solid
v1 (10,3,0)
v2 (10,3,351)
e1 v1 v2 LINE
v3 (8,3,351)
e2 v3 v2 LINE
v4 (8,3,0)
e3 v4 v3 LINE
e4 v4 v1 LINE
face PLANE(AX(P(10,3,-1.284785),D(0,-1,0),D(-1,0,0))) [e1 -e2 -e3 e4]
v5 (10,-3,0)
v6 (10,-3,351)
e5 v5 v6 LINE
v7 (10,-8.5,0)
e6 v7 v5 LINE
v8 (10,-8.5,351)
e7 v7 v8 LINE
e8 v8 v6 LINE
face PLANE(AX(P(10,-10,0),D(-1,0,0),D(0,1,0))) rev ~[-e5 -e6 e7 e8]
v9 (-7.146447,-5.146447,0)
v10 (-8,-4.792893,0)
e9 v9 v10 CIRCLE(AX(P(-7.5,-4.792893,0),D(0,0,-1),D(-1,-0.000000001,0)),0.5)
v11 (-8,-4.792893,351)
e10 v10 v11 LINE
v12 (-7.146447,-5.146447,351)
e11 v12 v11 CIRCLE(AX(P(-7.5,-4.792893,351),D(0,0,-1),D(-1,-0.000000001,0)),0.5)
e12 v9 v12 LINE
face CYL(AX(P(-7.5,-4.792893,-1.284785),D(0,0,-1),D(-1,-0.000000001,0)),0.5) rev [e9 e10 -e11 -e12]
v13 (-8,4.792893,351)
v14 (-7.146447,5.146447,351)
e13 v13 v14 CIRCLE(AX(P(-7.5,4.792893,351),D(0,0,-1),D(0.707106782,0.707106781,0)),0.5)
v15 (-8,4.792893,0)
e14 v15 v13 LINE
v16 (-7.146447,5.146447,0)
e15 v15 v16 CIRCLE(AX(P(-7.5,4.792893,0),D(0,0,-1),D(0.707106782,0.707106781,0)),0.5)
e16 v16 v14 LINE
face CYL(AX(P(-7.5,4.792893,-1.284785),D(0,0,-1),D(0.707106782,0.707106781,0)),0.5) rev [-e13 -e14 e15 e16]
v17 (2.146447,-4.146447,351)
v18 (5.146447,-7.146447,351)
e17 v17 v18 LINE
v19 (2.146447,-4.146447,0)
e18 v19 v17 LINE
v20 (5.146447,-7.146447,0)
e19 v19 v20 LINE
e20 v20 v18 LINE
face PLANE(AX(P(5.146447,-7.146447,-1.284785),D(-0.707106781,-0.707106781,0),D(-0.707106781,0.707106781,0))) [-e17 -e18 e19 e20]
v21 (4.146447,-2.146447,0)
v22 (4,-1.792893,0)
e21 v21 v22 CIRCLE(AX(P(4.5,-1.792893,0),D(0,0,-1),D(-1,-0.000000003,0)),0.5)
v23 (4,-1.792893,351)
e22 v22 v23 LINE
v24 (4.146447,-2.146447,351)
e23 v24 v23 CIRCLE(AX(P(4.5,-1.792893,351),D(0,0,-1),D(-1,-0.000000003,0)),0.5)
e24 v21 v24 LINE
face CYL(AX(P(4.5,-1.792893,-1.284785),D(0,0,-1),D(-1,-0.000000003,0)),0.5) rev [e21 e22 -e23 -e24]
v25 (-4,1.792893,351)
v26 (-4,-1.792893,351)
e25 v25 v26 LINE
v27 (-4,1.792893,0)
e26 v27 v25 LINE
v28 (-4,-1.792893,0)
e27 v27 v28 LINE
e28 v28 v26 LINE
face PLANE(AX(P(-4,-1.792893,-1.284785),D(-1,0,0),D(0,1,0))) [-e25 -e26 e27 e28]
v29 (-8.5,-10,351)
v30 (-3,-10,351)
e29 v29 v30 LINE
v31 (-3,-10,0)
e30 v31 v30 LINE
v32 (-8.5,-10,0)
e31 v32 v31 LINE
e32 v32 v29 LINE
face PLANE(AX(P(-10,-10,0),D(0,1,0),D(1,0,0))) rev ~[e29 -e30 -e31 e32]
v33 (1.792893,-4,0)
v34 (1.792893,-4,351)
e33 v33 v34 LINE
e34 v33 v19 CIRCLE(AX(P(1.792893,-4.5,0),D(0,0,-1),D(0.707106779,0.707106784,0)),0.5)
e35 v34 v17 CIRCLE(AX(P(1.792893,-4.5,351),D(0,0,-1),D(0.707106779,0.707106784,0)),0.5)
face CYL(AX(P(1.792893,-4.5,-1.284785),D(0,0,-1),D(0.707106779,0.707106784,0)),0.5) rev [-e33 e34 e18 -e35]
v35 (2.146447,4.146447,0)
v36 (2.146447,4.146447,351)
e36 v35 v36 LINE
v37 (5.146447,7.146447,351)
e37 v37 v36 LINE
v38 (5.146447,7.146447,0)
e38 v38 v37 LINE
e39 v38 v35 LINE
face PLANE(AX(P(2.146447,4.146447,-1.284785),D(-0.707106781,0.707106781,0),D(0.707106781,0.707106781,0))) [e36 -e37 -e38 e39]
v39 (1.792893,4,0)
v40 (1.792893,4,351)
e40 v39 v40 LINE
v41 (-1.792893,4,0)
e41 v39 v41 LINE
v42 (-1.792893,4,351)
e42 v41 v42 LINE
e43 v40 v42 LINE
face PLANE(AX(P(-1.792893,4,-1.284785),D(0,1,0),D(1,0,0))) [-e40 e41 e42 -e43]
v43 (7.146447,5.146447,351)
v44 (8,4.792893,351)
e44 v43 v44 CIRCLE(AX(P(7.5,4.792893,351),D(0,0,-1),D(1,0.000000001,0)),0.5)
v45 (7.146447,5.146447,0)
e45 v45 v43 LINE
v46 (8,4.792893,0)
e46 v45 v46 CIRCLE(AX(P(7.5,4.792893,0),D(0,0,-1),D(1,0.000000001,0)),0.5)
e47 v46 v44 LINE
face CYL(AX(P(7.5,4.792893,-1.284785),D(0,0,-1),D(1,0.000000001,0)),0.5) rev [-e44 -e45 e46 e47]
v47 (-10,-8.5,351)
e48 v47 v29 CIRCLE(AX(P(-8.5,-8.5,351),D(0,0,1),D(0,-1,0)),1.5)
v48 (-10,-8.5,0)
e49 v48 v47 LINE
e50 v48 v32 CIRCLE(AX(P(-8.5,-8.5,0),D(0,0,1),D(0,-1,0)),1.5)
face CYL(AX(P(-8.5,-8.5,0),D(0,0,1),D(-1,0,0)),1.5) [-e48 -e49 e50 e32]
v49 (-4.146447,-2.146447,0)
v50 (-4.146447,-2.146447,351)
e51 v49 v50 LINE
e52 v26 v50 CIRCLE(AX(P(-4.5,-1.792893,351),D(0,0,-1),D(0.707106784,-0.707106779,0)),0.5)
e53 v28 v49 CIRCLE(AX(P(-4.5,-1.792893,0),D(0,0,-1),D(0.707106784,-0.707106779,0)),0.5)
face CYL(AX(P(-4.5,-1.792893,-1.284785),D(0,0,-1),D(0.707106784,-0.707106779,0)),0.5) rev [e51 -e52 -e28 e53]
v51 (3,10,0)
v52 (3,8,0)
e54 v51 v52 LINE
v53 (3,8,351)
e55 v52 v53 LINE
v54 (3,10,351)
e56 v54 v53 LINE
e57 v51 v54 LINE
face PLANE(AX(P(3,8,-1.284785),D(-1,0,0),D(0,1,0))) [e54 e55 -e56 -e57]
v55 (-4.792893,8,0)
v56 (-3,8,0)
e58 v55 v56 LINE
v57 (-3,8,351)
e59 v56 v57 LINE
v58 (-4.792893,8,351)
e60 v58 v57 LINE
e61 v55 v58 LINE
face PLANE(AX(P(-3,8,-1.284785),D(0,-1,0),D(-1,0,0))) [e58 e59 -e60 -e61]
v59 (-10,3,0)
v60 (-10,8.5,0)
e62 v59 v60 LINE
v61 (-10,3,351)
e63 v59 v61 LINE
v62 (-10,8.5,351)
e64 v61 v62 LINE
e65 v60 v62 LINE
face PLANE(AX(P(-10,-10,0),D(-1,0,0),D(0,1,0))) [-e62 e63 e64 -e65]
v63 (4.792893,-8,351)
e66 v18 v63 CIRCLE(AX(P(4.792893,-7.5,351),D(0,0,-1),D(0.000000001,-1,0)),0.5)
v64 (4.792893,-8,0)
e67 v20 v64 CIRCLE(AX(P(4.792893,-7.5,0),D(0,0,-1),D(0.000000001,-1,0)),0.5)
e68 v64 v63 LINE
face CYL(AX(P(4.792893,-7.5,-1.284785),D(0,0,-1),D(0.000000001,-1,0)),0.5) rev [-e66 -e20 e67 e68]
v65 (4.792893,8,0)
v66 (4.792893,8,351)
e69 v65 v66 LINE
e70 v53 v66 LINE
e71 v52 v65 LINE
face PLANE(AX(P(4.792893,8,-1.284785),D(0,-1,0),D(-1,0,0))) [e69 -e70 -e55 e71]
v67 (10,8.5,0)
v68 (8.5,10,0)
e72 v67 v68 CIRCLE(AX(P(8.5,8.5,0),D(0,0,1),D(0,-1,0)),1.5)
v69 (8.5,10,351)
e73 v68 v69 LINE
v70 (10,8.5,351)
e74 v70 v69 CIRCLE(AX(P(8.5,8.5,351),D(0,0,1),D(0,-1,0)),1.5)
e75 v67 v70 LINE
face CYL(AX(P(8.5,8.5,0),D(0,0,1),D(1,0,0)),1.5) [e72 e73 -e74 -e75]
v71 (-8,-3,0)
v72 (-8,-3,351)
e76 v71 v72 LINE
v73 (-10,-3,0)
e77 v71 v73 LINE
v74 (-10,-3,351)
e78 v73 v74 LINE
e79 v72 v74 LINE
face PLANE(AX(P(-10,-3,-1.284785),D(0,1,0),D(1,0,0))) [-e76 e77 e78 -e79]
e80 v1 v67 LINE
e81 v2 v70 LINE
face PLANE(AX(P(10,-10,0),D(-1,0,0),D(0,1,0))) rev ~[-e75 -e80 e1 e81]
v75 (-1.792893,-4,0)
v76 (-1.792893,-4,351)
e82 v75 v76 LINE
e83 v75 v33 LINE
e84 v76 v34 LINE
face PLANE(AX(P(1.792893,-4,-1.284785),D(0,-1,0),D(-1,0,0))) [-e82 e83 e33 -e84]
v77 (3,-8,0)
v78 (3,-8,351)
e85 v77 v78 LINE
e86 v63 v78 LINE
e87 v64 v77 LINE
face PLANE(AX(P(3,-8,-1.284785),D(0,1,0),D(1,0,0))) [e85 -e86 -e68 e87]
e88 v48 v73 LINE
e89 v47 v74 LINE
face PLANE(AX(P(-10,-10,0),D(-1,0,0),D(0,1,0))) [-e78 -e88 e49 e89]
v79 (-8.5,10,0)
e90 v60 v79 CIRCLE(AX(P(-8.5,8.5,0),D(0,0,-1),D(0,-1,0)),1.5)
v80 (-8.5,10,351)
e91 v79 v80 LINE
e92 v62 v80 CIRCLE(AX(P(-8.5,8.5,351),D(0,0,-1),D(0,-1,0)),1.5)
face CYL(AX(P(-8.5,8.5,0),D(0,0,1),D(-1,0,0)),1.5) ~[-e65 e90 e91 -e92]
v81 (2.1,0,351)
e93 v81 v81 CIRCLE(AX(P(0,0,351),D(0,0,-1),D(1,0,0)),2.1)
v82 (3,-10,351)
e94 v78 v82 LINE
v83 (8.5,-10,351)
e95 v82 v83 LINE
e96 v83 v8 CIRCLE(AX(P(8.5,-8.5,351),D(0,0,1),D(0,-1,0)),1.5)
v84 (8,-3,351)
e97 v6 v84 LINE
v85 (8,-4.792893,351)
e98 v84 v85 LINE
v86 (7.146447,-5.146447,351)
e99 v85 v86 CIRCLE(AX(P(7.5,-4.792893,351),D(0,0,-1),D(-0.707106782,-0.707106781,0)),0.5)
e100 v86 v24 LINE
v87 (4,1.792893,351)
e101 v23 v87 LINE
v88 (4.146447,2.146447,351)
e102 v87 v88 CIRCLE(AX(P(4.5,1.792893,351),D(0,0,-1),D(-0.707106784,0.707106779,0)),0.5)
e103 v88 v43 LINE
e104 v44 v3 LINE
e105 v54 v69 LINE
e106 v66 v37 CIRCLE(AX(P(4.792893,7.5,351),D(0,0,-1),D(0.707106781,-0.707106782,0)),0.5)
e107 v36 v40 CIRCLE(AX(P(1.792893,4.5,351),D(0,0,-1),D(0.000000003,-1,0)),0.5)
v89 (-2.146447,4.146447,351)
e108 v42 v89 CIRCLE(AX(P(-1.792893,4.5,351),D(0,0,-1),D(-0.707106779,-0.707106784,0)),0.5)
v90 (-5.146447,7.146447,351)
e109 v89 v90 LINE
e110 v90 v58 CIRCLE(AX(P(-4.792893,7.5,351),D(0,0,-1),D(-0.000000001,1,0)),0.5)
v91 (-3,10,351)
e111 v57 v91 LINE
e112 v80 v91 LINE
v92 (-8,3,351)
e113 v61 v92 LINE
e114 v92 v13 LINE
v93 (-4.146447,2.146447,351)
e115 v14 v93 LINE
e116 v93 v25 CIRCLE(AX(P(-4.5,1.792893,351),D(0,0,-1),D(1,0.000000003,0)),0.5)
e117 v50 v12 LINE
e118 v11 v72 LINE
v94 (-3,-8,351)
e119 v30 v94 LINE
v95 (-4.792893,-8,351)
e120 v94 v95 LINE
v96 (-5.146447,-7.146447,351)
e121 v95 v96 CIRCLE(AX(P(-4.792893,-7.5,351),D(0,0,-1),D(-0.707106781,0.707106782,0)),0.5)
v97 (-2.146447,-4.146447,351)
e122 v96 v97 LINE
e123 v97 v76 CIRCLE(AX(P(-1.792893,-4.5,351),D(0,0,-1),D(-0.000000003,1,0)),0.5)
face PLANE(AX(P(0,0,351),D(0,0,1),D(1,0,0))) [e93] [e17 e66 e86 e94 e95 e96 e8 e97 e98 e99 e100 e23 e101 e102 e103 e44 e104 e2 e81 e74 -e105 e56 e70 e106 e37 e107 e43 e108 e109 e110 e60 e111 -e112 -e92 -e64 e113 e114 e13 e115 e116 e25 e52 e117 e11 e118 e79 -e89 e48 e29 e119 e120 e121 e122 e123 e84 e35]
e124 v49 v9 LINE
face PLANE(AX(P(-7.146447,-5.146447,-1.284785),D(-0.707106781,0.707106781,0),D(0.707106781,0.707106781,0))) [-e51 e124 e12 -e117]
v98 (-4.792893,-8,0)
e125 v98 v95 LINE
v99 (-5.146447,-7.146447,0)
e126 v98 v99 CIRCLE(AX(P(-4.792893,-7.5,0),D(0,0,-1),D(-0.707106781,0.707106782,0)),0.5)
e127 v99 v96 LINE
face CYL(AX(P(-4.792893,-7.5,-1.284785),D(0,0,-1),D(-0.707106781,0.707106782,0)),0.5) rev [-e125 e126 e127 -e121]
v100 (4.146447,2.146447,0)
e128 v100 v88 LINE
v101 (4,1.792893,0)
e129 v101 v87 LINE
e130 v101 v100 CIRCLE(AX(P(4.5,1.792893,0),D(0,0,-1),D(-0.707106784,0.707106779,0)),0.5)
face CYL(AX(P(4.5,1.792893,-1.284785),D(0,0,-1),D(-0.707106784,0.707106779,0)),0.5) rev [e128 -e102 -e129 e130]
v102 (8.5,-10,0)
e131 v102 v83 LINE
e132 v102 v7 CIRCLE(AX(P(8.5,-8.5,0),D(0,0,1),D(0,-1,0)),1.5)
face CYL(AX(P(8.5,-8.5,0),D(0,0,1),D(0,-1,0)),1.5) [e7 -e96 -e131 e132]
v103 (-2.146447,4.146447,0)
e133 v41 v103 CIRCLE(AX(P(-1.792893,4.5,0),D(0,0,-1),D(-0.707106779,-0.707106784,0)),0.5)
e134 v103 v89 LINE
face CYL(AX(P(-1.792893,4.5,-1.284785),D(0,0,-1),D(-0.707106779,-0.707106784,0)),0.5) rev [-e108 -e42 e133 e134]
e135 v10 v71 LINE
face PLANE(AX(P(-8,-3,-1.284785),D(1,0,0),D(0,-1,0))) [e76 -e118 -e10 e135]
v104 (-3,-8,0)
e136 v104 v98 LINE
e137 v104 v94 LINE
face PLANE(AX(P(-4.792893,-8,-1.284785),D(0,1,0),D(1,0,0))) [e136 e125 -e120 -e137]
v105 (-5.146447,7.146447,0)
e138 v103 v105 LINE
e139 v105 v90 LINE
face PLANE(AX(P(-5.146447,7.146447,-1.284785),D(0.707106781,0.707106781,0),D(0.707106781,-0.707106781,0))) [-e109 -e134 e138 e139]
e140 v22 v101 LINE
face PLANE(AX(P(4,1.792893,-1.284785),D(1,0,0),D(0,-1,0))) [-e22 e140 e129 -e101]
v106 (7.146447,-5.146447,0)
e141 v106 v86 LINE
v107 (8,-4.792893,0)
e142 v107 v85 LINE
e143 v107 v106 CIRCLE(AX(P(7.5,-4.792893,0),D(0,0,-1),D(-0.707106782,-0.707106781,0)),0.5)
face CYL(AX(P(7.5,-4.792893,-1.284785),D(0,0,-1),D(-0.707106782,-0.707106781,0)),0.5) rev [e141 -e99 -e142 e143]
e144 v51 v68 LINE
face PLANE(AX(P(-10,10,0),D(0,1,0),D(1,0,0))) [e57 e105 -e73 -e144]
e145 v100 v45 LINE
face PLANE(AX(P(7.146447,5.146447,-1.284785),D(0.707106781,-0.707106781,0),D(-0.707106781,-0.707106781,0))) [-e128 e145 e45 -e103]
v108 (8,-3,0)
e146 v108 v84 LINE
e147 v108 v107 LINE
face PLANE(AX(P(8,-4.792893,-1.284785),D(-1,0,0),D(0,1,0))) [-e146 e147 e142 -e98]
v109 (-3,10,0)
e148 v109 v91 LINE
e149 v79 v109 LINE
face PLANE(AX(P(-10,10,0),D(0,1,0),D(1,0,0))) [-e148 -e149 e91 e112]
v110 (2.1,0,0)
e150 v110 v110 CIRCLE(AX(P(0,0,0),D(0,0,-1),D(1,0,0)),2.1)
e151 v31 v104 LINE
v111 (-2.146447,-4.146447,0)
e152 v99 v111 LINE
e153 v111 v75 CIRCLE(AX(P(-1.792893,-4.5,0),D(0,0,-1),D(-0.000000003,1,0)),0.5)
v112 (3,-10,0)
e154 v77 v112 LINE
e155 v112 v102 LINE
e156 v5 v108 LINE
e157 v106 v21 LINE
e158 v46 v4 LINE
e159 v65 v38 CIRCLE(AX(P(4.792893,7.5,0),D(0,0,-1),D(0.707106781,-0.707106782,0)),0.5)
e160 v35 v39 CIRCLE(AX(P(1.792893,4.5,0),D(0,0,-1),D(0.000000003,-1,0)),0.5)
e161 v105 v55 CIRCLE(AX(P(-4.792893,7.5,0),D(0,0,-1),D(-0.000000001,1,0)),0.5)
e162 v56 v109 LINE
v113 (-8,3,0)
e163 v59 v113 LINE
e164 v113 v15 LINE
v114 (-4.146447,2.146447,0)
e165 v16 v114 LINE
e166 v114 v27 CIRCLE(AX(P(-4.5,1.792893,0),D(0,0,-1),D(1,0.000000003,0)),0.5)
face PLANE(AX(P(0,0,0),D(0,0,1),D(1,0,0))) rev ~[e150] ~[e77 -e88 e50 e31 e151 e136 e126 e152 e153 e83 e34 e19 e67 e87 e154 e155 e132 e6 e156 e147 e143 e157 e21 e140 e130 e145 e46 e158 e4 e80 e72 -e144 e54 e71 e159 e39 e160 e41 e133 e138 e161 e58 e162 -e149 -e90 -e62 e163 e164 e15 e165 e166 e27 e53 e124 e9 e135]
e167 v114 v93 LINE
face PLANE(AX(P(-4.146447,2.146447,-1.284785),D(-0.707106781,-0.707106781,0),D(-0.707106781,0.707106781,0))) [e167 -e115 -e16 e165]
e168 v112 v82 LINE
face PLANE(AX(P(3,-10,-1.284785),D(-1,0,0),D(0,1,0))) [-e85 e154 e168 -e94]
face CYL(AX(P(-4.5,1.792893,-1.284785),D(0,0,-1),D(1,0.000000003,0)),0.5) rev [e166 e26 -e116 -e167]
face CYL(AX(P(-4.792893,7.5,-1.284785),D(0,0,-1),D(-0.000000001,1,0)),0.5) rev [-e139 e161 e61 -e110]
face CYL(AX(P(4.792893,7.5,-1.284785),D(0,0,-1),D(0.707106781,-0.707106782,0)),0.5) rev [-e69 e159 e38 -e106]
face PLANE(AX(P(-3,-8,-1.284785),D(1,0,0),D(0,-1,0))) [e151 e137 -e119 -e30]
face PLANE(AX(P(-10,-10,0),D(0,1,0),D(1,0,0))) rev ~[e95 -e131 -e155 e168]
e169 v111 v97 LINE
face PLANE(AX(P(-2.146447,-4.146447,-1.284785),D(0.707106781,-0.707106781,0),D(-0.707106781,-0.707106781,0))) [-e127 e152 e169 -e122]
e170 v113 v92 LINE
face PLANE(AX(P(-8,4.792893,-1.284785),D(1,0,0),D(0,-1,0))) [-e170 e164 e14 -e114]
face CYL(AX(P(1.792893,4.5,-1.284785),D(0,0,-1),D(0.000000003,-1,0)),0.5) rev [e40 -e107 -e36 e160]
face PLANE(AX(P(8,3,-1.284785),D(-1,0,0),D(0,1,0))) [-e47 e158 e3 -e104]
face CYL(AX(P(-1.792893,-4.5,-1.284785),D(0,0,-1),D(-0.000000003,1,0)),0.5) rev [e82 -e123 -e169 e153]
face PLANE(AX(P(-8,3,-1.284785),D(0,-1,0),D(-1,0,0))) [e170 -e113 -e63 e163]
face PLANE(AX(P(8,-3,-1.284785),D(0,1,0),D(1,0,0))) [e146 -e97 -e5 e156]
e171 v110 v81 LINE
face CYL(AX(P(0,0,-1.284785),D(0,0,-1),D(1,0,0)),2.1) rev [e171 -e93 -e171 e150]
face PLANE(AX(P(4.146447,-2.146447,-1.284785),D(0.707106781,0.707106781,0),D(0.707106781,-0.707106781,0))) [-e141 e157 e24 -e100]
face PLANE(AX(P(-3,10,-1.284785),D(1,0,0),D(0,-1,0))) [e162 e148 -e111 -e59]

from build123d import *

# Parameters (mm, degrees)
SKETCH_2_W               = 20
SKETCH_2_H               = 20
EXTRUDE_1_DEPTH          = 351
FILLET_1_R               = 1.5
CUT_EXTRUDE_1_DEPTH      = 352.284784754
CUT_EXTRUDE_1_DEPTH_BACK = 352.284784754
SKETCH_3_R               = 2.1


with BuildPart() as part:
    # 草圖2 → 填料-伸長1 (new body)
    with BuildSketch(Plane.XY):
        Rectangle(SKETCH_2_W, SKETCH_2_H)
    extrude(amount=EXTRUDE_1_DEPTH)

    # 圓角1
    fillet_1_edges = [part.edges().sort_by_distance(p)[0] for p in [
        (-10, 10, 175.5),
        (10, 10, 175.5),
        (10, -10, 175.5),
        (-10, -10, 175.5),
    ]]
    fillet(fillet_1_edges, radius=FILLET_1_R)

    # 草圖3 → 除料-伸長1 (cut, two sides: drawn at the far end of the back side and taken through both)
    with BuildSketch(Plane.XY.offset(351).offset(-CUT_EXTRUDE_1_DEPTH_BACK)):
        Circle(SKETCH_3_R)
        with BuildLine():
            Line((10, 3), (8, 3))
            Line((8, 3), (8, 4.792893219))
            ThreePointArc((8, 4.792893219), (7.691341716, 5.254832985), (7.146446609, 5.146446609))
            Line((7.146446609, 5.146446609), (4.146446609, 2.146446609))
            ThreePointArc((4.146446609, 2.146446609), (4.038060234, 1.984234935), (4, 1.792893219))
            Line((4, 1.792893219), (4, -1.792893219))
            ThreePointArc((4, -1.792893219), (4.038060234, -1.984234935), (4.146446609, -2.146446609))
            Line((4.146446609, -2.146446609), (7.146446609, -5.146446609))
            ThreePointArc((7.146446609, -5.146446609), (7.691341716, -5.254832985), (8, -4.792893219))
            Line((8, -4.792893219), (8, -3))
            Line((8, -3), (10, -3))
            Line((10, -3), (10, 3))
        make_face()
        with BuildLine():
            Line((-3, -10), (3, -10))
            Line((3, -10), (3, -8))
            Line((3, -8), (4.792893219, -8))
            ThreePointArc((4.792893219, -8), (5.254832985, -7.691341716), (5.146446609, -7.146446609))
            Line((5.146446609, -7.146446609), (2.146446609, -4.146446609))
            ThreePointArc((2.146446609, -4.146446609), (1.984234935, -4.038060234), (1.792893219, -4))
            Line((1.792893219, -4), (-1.792893219, -4))
            ThreePointArc((-1.792893219, -4), (-1.984234935, -4.038060234), (-2.146446609, -4.146446609))
            Line((-2.146446609, -4.146446609), (-5.146446609, -7.146446609))
            ThreePointArc((-5.146446609, -7.146446609), (-5.254832985, -7.691341716), (-4.792893219, -8))
            Line((-4.792893219, -8), (-3, -8))
            Line((-3, -8), (-3, -10))
        make_face()
        with BuildLine():
            Line((-10, 3), (-10, -3))
            Line((-10, -3), (-8, -3))
            Line((-8, -3), (-8, -4.792893219))
            ThreePointArc((-8, -4.792893219), (-7.691341716, -5.254832985), (-7.146446609, -5.146446609))
            Line((-7.146446609, -5.146446609), (-4.146446609, -2.146446609))
            ThreePointArc((-4.146446609, -2.146446609), (-4.038060234, -1.984234935), (-4, -1.792893219))
            Line((-4, -1.792893219), (-4, 1.792893219))
            ThreePointArc((-4, 1.792893219), (-4.038060234, 1.984234935), (-4.146446609, 2.146446609))
            Line((-4.146446609, 2.146446609), (-7.146446609, 5.146446609))
            ThreePointArc((-7.146446609, 5.146446609), (-7.691341716, 5.254832985), (-8, 4.792893219))
            Line((-8, 4.792893219), (-8, 3))
            Line((-8, 3), (-10, 3))
        make_face()
        with BuildLine():
            Line((3, 10), (-3, 10))
            Line((-3, 10), (-3, 8))
            Line((-3, 8), (-4.792893219, 8))
            ThreePointArc((-4.792893219, 8), (-5.254832985, 7.691341716), (-5.146446609, 7.146446609))
            Line((-5.146446609, 7.146446609), (-2.146446609, 4.146446609))
            ThreePointArc((-2.146446609, 4.146446609), (-1.984234935, 4.038060234), (-1.792893219, 4))
            Line((-1.792893219, 4), (1.792893219, 4))
            ThreePointArc((1.792893219, 4), (1.984234935, 4.038060234), (2.146446609, 4.146446609))
            Line((2.146446609, 4.146446609), (5.146446609, 7.146446609))
            ThreePointArc((5.146446609, 7.146446609), (5.254832985, 7.691341716), (4.792893219, 8))
            Line((4.792893219, 8), (3, 8))
            Line((3, 8), (3, 10))
        make_face()
    extrude(amount=CUT_EXTRUDE_1_DEPTH + CUT_EXTRUDE_1_DEPTH_BACK, mode=Mode.SUBTRACT)


solid = part.part
